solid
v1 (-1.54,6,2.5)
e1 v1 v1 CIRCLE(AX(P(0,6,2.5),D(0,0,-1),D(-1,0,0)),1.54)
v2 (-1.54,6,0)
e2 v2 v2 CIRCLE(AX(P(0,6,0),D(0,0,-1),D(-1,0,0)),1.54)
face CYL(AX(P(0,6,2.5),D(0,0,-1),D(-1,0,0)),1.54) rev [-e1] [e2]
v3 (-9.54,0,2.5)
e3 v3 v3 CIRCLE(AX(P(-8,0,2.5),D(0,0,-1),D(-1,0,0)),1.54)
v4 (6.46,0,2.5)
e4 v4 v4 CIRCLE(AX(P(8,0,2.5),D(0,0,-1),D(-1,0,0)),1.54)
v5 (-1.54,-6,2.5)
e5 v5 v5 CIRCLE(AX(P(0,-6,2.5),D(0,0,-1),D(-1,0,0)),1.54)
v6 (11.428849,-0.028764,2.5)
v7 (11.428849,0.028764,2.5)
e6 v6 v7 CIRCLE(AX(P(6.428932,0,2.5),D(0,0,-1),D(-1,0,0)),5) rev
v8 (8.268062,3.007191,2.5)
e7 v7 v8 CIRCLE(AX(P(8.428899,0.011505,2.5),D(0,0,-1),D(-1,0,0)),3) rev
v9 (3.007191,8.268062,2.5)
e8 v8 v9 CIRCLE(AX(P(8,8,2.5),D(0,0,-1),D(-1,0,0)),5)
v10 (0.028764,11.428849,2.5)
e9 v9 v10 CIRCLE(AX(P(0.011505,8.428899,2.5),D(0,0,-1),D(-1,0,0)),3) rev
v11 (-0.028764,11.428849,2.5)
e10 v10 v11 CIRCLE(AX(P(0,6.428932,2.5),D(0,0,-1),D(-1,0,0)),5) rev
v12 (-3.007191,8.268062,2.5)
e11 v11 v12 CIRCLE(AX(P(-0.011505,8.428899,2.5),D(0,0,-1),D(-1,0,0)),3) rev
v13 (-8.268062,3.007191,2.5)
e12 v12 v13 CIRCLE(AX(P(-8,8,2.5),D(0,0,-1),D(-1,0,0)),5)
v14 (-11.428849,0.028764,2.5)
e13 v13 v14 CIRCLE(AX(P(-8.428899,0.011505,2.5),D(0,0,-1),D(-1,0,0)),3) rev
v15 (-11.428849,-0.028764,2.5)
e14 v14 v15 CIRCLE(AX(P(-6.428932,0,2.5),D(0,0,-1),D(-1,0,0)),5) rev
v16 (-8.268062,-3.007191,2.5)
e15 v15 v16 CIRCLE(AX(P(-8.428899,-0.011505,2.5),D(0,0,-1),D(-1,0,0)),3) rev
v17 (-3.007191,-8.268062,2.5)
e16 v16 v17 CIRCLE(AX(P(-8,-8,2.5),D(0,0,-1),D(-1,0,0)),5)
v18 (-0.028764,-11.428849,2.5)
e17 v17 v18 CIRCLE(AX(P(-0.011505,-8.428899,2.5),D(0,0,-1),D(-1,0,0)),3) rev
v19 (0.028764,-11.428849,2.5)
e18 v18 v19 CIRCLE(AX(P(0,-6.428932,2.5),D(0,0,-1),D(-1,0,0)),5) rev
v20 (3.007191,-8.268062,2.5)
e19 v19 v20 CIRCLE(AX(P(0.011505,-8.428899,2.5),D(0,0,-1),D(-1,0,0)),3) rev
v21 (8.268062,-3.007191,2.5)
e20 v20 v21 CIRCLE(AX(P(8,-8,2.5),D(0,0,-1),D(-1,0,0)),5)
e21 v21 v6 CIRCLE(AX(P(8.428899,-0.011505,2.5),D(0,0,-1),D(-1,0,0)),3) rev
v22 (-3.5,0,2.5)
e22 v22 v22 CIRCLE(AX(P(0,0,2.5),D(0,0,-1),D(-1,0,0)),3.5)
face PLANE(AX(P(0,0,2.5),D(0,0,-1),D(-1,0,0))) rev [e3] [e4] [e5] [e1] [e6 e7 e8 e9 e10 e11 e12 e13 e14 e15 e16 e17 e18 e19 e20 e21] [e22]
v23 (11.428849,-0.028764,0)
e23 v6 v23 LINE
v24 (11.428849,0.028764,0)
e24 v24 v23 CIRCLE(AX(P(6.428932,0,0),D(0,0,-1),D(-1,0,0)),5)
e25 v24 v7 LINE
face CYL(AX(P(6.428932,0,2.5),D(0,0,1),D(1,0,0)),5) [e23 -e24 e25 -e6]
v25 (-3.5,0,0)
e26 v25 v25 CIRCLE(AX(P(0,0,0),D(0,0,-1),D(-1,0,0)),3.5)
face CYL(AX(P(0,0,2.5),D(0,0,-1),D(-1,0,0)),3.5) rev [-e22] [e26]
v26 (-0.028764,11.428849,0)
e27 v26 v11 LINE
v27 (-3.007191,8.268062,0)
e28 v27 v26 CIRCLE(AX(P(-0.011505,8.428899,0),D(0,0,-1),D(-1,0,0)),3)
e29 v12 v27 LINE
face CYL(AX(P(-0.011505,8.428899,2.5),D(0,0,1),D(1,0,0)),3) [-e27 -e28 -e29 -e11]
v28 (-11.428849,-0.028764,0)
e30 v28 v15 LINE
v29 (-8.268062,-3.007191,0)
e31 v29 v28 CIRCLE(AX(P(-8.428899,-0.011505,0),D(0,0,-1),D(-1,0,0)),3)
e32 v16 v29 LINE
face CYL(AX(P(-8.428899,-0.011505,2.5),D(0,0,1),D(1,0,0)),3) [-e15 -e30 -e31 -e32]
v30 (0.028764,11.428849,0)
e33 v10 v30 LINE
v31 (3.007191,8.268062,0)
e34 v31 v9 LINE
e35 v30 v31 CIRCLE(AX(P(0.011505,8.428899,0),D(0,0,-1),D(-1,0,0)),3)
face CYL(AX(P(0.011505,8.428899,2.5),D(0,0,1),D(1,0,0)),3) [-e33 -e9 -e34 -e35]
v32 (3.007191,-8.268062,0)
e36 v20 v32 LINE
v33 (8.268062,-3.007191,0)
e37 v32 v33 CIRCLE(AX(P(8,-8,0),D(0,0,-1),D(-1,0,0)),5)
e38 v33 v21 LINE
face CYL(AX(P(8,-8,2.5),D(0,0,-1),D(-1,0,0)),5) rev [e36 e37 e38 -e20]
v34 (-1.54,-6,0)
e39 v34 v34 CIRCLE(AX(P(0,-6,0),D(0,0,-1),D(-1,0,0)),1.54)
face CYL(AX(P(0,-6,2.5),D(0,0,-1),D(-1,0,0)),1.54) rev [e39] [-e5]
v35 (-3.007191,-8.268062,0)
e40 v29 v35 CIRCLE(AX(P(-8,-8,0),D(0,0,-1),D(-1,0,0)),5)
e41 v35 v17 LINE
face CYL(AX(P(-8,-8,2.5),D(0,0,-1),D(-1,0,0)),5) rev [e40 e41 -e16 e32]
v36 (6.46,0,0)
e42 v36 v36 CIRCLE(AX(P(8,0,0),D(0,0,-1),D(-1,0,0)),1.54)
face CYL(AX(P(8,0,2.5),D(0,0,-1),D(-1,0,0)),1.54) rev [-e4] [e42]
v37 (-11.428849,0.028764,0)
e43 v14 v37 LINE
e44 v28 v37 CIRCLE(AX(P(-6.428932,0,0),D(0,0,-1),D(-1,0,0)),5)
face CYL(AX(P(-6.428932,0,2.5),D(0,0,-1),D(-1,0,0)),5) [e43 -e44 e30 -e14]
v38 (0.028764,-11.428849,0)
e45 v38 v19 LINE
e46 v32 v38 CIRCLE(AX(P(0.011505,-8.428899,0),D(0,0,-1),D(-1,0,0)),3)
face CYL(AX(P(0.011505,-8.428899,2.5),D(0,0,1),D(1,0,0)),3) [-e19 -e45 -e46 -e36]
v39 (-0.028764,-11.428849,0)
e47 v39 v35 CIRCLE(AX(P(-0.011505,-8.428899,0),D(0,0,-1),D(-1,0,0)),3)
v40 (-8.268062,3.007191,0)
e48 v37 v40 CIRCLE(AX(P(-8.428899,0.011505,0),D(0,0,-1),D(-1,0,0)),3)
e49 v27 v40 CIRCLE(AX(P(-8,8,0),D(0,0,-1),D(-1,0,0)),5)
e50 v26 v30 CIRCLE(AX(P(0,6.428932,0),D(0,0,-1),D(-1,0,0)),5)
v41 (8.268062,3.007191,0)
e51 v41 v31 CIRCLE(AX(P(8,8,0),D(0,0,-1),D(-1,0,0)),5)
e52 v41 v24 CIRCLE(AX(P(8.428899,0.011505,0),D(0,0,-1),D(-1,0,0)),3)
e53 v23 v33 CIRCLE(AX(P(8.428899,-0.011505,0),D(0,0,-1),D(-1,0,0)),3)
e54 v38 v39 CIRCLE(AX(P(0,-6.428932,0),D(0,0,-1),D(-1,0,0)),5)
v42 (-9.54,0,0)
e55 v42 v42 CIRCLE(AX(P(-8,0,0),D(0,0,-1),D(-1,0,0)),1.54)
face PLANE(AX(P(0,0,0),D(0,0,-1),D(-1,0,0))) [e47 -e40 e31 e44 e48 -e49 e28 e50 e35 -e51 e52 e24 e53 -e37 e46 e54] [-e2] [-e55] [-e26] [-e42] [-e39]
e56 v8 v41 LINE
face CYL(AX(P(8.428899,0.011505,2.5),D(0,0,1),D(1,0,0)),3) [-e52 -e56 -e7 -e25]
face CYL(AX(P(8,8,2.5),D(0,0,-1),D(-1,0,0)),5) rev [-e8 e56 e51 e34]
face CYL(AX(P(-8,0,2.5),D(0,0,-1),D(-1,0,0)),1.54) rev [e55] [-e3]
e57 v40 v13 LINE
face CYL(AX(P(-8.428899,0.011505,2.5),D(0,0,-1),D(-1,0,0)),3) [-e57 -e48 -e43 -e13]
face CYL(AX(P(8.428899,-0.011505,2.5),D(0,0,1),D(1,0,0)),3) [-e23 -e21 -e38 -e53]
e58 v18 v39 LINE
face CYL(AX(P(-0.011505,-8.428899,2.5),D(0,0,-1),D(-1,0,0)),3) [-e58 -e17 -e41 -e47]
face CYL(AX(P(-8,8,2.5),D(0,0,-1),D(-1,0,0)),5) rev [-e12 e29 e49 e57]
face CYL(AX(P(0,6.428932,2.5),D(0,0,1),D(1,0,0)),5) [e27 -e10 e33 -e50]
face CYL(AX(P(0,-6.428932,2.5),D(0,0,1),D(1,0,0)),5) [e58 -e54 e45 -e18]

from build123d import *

# Parameters (mm, degrees)
EXTRUDE_1_DEPTH     = 2.5
FILLET_1_R          = 5
FILLET_2_R          = 5
FILLET_3_R          = 5
FILLET_4_R          = 5
SKETCH_2_R          = 3.5
SKETCH_2_R_2        = 1.54
SKETCH_2_R_3        = 5
CUT_EXTRUDE_2_DEPTH = 2.5
FILLET_5_R          = 3
FILLET_6_R          = 3
FILLET_7_R          = 3
FILLET_8_R          = 3
FILLET_9_R          = 3
FILLET_10_R         = 3
FILLET_11_R         = 3
FILLET_12_R         = 3


with BuildPart() as part:
    # 草图1 → 凸台-拉伸1 (new body)
    with BuildSketch(Plane.XY):
        Polygon((0, 13.5), (13.5, 0), (0, -13.5), (-13.5, 0), align=None)
    extrude(amount=EXTRUDE_1_DEPTH)

    # 圆角1
    fillet_1_edges = [part.edges().sort_by_distance(p)[0] for p in [
        (13.5, 0, 1.25),
    ]]
    fillet(fillet_1_edges, radius=FILLET_1_R)

    # 圆角2
    fillet_2_edges = [part.edges().sort_by_distance(p)[0] for p in [
        (0, -13.5, 1.25),
    ]]
    fillet(fillet_2_edges, radius=FILLET_2_R)

    # 圆角3
    fillet_3_edges = [part.edges().sort_by_distance(p)[0] for p in [
        (-13.5, 0, 1.25),
    ]]
    fillet(fillet_3_edges, radius=FILLET_3_R)

    # 圆角4
    fillet_4_edges = [part.edges().sort_by_distance(p)[0] for p in [
        (0, 13.5, 1.25),
    ]]
    fillet(fillet_4_edges, radius=FILLET_4_R)

    # 草图2 → 切除-拉伸2 (cut)
    with BuildSketch(Plane(origin=(0, 0, 0), x_dir=(-1, 0, 0), z_dir=(0, 0, -1))):
        Circle(SKETCH_2_R)
        with Locations((0, -6)):
            Circle(SKETCH_2_R_2)
        with Locations((0, 6)):
            Circle(SKETCH_2_R_2)
        with Locations((8, 0)):
            Circle(SKETCH_2_R_2)
        with Locations((-8, 0)):
            Circle(SKETCH_2_R_2)
        with Locations((8, 8)):
            Circle(SKETCH_2_R_3)
        with Locations((8, -8)):
            Circle(SKETCH_2_R_3)
        with Locations((-8, -8)):
            Circle(SKETCH_2_R_3)
        with Locations((-8, 8)):
            Circle(SKETCH_2_R_3)
    extrude(amount=-CUT_EXTRUDE_2_DEPTH, mode=Mode.SUBTRACT)

    # 圆角5
    fillet_5_edges = [part.edges().sort_by_distance(p)[0] for p in [
        (3.442062075, -10.055529584, 1.25),
    ]]
    fillet(fillet_5_edges, radius=FILLET_5_R)

    # 圆角6
    fillet_6_edges = [part.edges().sort_by_distance(p)[0] for p in [
        (-3.442062075, -10.055529584, 1.25),
    ]]
    fillet(fillet_6_edges, radius=FILLET_6_R)

    # 圆角7
    fillet_7_edges = [part.edges().sort_by_distance(p)[0] for p in [
        (-10.055529584, -3.442062075, 1.25),
    ]]
    fillet(fillet_7_edges, radius=FILLET_7_R)

    # 圆角8
    fillet_8_edges = [part.edges().sort_by_distance(p)[0] for p in [
        (3.442062075, 10.055529584, 1.25),
    ]]
    fillet(fillet_8_edges, radius=FILLET_8_R)

    # 圆角9
    fillet_9_edges = [part.edges().sort_by_distance(p)[0] for p in [
        (-3.442062075, 10.055529584, 1.25),
    ]]
    fillet(fillet_9_edges, radius=FILLET_9_R)

    # 圆角10
    fillet_10_edges = [part.edges().sort_by_distance(p)[0] for p in [
        (-10.055529584, 3.442062075, 1.25),
    ]]
    fillet(fillet_10_edges, radius=FILLET_10_R)

    # 圆角11
    fillet_11_edges = [part.edges().sort_by_distance(p)[0] for p in [
        (10.055529584, -3.442062075, 1.25),
    ]]
    fillet(fillet_11_edges, radius=FILLET_11_R)

    # 圆角12
    fillet_12_edges = [part.edges().sort_by_distance(p)[0] for p in [
        (10.055529584, 3.442062075, 1.25),
    ]]
    fillet(fillet_12_edges, radius=FILLET_12_R)


solid = part.part
